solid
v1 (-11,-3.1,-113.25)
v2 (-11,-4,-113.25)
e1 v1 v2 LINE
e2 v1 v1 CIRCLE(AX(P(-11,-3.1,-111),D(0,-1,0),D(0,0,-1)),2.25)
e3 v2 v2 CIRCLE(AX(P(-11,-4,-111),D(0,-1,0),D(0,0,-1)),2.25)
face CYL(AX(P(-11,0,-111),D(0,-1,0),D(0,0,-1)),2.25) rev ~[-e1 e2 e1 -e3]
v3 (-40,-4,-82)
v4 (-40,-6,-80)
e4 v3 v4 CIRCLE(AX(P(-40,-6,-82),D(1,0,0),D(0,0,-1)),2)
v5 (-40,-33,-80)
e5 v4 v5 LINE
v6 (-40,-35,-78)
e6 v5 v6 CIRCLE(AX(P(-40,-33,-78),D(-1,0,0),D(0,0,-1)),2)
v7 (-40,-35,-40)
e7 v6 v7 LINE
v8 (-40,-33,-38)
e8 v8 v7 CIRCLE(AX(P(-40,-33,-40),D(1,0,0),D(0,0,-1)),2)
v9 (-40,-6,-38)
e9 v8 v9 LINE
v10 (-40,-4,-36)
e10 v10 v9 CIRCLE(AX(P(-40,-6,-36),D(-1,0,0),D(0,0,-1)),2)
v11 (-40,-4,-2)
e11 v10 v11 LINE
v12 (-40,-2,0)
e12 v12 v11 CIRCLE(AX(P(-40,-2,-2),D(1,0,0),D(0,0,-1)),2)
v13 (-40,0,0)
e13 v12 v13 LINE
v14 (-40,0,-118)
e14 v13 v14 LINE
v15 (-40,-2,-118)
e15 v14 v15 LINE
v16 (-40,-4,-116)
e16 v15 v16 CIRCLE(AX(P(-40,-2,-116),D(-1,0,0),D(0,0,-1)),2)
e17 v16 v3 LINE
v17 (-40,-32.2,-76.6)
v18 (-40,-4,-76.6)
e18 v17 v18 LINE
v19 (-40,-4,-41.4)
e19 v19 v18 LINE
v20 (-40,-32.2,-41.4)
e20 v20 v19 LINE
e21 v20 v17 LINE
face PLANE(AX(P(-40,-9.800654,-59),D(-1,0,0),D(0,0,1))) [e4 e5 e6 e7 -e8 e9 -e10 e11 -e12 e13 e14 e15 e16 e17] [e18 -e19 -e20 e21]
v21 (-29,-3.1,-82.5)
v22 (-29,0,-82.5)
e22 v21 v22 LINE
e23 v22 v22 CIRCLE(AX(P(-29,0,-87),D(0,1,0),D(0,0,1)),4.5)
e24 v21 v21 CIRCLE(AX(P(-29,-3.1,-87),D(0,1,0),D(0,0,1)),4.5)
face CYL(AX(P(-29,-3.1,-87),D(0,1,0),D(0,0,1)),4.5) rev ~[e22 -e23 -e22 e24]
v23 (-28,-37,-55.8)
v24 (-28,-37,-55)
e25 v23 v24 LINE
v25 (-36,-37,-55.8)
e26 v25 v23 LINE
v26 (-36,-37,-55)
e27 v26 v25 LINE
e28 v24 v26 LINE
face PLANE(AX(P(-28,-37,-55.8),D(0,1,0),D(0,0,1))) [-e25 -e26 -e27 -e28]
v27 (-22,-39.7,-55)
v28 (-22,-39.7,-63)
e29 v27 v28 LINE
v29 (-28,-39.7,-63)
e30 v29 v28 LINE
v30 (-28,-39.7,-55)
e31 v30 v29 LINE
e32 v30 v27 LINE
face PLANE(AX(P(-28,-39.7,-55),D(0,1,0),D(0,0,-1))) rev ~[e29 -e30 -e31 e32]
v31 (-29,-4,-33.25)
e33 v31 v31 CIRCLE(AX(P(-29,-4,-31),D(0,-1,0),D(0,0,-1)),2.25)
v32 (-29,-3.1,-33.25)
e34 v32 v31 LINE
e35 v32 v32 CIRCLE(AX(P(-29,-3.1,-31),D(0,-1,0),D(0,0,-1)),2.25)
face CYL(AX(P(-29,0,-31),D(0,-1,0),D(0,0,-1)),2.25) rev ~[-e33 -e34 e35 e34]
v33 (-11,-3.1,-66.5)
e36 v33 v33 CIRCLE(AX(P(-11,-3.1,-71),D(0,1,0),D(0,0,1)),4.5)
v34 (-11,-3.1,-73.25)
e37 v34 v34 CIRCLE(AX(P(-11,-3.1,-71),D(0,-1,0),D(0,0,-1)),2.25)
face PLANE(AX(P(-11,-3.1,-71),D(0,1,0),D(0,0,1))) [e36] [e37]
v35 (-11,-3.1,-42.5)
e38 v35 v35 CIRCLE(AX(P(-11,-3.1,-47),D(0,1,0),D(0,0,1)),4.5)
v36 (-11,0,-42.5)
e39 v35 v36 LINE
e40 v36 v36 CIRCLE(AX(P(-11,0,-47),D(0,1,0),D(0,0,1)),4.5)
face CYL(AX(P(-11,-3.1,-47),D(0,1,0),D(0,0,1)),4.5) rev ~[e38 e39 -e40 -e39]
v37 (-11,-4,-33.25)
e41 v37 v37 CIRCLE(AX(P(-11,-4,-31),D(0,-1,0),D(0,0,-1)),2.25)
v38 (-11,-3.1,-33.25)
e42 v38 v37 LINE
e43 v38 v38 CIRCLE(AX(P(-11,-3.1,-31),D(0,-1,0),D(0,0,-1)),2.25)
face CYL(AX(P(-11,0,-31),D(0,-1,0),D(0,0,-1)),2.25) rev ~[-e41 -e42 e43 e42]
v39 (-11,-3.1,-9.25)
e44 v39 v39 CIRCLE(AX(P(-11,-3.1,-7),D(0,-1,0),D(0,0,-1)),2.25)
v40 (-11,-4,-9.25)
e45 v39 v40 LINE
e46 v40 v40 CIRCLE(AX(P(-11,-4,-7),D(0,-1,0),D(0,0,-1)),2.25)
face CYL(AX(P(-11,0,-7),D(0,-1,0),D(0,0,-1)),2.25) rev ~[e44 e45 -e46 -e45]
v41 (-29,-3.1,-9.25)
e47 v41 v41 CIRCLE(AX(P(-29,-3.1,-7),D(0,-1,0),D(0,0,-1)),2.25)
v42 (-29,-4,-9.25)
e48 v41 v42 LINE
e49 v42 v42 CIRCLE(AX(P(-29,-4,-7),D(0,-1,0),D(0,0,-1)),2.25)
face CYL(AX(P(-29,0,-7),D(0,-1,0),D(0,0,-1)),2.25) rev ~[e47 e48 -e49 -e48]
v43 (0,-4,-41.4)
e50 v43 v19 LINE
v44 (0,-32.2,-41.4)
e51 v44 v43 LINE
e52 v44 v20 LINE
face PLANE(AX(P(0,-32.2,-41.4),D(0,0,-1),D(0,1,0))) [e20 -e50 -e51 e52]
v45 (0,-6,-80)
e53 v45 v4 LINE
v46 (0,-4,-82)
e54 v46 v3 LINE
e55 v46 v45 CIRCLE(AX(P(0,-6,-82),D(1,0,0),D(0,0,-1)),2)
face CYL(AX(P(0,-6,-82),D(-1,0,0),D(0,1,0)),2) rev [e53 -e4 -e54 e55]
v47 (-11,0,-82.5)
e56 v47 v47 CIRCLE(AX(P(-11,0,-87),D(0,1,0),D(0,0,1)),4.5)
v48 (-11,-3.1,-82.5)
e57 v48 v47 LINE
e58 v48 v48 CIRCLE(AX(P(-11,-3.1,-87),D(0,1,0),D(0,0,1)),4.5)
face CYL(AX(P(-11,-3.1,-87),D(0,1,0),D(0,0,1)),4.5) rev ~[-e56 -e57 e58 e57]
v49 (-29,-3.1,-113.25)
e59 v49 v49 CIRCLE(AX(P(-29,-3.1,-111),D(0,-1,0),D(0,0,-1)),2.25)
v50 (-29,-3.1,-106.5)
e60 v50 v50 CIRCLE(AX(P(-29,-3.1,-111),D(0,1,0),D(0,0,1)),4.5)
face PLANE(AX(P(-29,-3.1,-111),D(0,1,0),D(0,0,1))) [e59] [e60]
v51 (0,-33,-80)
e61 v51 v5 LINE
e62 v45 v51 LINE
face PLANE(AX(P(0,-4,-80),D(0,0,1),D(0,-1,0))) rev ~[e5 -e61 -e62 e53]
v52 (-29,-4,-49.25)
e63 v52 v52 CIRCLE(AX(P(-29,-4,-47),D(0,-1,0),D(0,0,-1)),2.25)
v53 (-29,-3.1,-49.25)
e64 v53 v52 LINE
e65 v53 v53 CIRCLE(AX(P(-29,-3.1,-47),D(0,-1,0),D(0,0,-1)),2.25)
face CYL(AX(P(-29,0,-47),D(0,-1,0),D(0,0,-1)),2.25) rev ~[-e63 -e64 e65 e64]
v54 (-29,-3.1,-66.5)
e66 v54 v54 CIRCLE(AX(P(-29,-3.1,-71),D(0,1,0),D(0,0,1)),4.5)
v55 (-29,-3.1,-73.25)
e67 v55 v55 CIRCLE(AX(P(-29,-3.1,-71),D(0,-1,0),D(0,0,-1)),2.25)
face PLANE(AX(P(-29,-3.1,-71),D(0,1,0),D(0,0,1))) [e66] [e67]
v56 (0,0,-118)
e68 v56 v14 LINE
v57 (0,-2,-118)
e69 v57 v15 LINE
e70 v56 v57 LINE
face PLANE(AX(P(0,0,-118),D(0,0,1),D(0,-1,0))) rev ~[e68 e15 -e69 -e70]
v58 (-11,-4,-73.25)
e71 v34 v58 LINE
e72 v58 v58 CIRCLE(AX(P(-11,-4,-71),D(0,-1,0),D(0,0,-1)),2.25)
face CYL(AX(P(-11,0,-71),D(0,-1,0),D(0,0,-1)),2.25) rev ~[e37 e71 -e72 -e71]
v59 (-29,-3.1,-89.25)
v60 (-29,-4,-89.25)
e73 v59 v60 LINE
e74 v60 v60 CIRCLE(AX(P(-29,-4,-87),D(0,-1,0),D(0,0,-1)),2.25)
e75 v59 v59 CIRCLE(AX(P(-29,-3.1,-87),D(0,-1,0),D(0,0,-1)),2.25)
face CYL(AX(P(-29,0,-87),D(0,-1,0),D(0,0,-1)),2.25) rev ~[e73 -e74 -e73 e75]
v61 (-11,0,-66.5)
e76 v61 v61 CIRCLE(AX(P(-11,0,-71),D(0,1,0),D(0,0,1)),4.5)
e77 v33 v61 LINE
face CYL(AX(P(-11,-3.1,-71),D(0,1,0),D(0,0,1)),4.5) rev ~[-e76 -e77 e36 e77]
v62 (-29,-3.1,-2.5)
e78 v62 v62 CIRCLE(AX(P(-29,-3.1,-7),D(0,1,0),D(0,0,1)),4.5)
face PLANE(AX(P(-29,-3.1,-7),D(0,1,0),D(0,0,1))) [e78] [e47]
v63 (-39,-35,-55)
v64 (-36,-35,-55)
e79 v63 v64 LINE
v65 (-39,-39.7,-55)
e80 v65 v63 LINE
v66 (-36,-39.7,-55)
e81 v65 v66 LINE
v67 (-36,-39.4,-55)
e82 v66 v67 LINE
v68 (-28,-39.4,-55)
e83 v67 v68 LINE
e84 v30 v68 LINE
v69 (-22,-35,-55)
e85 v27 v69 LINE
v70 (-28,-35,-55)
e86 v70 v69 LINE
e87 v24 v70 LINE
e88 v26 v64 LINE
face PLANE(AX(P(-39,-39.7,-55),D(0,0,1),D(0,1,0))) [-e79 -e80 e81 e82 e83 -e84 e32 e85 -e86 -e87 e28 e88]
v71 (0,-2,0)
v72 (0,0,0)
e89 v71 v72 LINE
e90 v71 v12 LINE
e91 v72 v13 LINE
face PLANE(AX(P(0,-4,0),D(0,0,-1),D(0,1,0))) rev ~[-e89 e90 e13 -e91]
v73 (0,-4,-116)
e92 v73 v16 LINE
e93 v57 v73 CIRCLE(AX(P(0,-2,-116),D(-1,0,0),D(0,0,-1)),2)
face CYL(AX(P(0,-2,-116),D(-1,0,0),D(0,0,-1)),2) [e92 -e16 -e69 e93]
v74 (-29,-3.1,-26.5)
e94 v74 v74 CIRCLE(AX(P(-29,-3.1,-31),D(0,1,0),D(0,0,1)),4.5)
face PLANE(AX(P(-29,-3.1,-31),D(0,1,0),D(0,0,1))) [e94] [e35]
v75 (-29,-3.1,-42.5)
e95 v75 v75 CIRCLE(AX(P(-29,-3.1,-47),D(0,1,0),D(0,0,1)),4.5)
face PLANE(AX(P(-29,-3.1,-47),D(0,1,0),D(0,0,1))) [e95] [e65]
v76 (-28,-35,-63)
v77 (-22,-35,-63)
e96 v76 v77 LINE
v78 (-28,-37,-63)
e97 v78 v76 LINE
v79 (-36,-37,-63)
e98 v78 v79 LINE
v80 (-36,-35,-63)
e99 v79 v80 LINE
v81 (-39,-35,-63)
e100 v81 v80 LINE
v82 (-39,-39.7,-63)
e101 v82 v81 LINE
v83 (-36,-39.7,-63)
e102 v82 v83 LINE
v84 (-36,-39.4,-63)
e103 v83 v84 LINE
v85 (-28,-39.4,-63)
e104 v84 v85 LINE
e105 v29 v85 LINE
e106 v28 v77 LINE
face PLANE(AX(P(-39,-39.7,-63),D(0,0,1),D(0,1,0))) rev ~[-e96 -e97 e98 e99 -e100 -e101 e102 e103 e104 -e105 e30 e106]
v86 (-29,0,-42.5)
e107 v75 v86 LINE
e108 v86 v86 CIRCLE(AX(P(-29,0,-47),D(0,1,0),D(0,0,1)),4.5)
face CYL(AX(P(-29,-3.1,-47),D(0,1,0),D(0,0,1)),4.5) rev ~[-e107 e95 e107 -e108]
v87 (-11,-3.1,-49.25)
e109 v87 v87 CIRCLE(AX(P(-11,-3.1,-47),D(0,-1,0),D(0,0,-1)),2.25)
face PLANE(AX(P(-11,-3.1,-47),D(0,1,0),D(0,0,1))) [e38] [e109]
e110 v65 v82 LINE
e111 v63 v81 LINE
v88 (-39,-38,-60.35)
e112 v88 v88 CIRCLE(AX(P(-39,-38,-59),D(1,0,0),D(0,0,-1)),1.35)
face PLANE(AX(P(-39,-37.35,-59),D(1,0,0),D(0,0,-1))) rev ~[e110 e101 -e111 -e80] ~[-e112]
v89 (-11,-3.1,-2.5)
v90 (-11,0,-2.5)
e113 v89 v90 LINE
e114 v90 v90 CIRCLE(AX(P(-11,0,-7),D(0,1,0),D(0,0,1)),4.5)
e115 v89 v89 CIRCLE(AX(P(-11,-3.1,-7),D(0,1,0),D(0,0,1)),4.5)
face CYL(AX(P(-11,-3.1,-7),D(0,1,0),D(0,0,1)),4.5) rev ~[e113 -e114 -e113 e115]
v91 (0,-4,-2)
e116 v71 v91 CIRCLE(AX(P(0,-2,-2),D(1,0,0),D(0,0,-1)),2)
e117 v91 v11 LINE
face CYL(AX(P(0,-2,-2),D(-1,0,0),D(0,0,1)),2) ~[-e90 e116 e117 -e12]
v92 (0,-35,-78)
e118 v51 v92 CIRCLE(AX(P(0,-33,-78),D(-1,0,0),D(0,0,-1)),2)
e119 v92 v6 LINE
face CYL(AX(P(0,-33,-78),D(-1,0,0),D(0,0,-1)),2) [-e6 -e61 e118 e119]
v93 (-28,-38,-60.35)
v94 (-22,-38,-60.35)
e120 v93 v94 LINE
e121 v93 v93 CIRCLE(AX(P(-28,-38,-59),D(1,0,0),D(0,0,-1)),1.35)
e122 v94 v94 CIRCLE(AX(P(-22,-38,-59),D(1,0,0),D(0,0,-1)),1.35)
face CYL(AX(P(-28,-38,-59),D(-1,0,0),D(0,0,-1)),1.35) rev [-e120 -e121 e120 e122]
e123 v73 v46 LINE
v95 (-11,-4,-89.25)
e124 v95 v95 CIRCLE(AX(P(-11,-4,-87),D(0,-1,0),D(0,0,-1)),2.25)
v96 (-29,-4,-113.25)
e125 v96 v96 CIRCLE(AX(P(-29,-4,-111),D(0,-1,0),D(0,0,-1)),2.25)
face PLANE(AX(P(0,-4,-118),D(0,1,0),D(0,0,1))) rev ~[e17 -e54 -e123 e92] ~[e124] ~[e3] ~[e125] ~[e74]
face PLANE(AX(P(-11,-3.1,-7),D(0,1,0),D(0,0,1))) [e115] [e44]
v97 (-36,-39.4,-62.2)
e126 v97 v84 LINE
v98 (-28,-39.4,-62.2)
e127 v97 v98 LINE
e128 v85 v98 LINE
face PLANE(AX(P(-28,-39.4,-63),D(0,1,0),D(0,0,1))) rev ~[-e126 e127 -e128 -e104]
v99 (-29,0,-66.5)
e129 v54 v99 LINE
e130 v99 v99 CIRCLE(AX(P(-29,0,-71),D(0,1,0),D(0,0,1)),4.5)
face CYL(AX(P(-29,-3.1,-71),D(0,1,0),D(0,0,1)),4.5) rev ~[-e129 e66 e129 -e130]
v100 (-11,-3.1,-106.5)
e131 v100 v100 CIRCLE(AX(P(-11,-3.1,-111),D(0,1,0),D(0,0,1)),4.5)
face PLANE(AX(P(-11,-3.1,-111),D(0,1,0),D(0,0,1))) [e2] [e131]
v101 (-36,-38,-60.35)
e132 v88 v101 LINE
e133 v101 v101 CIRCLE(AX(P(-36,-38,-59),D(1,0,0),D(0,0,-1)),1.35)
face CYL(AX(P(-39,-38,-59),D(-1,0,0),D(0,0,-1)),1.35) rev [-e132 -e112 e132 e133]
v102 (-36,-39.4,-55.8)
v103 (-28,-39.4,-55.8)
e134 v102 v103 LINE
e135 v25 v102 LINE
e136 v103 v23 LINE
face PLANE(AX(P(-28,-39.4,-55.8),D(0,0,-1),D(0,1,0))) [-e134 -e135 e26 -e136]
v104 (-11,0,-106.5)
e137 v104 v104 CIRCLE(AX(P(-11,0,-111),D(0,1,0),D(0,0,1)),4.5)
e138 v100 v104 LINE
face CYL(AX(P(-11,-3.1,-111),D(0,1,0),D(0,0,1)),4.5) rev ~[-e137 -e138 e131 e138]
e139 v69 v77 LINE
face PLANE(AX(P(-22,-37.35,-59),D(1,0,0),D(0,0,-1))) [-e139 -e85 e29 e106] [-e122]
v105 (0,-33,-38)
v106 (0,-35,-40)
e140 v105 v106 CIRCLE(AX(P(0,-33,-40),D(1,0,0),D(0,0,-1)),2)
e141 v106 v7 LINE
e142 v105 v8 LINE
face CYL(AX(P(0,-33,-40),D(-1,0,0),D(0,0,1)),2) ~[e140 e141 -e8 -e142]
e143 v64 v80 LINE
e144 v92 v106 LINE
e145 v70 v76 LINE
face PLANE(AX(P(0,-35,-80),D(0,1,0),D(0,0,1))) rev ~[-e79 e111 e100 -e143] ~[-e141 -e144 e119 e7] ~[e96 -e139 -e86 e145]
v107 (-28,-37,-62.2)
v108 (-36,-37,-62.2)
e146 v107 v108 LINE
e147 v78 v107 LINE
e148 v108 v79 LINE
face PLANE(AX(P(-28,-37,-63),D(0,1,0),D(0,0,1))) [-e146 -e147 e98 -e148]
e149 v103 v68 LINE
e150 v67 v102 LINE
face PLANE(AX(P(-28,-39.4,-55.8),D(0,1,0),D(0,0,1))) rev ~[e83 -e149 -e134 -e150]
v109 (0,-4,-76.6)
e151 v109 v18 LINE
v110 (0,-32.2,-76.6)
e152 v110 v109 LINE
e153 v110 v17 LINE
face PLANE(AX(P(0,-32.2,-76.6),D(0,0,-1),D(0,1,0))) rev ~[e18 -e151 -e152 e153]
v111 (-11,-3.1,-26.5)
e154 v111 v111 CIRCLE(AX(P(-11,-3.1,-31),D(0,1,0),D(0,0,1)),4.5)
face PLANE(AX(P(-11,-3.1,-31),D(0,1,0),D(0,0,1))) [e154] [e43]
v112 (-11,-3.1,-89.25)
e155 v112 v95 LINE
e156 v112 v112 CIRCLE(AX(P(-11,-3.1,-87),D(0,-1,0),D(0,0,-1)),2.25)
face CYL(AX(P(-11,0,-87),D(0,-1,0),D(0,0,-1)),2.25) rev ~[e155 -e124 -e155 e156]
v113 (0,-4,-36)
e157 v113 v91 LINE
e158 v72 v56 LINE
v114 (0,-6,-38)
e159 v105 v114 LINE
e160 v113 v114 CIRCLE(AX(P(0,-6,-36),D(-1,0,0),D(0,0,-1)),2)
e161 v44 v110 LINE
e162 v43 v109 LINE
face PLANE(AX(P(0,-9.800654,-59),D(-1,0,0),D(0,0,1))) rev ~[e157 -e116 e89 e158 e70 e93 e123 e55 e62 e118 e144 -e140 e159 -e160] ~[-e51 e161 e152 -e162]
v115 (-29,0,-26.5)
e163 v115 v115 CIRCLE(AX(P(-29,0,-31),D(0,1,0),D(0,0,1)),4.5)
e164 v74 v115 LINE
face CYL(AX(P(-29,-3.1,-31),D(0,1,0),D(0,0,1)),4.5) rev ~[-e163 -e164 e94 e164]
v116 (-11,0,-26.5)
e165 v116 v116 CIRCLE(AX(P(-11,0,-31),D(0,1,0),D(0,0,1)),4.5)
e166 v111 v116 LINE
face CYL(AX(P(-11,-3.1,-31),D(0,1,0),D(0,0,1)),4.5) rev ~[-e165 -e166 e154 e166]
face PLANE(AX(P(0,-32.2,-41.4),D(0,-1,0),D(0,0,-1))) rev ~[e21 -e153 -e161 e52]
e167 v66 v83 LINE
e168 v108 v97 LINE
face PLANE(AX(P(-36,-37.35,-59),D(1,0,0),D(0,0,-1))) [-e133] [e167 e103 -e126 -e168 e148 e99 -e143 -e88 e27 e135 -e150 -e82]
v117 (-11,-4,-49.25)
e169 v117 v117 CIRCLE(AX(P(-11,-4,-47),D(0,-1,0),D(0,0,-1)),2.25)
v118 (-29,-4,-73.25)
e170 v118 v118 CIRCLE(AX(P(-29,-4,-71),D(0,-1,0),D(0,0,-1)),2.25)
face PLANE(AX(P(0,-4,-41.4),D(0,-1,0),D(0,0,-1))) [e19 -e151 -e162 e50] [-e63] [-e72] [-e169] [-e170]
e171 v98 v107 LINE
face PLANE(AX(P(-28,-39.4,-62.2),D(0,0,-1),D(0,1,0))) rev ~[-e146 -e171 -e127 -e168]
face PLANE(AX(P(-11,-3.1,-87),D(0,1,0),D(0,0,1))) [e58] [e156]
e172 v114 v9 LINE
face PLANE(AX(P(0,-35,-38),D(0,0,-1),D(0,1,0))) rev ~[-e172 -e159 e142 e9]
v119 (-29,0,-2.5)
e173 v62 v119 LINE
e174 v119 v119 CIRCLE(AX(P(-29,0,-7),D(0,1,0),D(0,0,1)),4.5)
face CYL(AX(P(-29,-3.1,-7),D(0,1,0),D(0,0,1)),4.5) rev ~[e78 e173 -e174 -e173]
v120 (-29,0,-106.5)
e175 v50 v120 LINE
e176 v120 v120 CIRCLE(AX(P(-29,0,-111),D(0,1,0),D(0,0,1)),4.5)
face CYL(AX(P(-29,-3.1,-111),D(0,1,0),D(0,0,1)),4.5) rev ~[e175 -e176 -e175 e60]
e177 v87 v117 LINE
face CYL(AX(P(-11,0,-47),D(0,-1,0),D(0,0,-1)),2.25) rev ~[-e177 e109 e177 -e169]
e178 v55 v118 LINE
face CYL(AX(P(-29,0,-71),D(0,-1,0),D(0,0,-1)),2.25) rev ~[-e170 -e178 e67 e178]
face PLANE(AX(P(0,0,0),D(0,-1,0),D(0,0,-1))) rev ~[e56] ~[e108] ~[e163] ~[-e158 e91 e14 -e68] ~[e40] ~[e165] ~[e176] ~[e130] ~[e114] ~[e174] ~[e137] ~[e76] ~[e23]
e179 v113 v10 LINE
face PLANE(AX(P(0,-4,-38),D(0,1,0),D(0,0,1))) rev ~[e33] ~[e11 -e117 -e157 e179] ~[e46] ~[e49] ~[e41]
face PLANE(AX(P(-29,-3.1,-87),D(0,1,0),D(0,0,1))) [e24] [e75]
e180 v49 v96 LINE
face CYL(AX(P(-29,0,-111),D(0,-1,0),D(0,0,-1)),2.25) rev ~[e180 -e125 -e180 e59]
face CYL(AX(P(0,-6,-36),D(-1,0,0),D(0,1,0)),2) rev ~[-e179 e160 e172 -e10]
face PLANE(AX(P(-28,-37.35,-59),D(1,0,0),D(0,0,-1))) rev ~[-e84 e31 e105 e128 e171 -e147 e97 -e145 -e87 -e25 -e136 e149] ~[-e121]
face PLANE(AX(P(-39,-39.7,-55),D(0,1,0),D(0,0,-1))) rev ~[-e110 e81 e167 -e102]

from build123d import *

# Parameters (mm, degrees)
SKETCH1_W                                        = 35.2
SKETCH1_H                                        = 28.2
BOSS_EXTRUDE1_DEPTH                              = 40
FILLET1_R                                        = 2
CBORE_FOR_M4_PAN_HEAD_MACHINE_SCREW1_D           = 4.5
CBORE_FOR_M4_PAN_HEAD_MACHINE_SCREW1_DEPTH       = 4
CBORE_FOR_M4_PAN_HEAD_MACHINE_SCREW1_CBORE_D     = 9
CBORE_FOR_M4_PAN_HEAD_MACHINE_SCREW1_CBORE_DEPTH = 3.1
SKETCH5_W                                        = 8
SKETCH5_H                                        = 4.7
SKETCH5_R                                        = 1.35
BOSS_EXTRUDE2_DEPTH                              = 3
SKETCH6_W                                        = 8
SKETCH6_H                                        = 4.7
SKETCH6_R                                        = 1.35
BOSS_EXTRUDE3_DEPTH                              = 6
BOSS_EXTRUDE4_REACH                              = 129.609
SKETCH7_W                                        = 0.8
SKETCH7_H                                        = 2.4
SKETCH8_W                                        = 0.8
SKETCH8_H                                        = 2.4
BOSS_EXTRUDE5_DEPTH                              = 2


with BuildPart() as part:
    # Sketch1 → Boss-Extrude1 (new body)
    with BuildSketch(Plane(origin=(0, 0, 0), x_dir=(0, 0, -1), z_dir=(1, 0, 0))):
        Polygon((0, 0), (118, 0), (118, -4), (80, -4), (80, -35), (38, -35), (38, -4), (0, -4), align=None)
        with Locations((59, -18.1)):
            Rectangle(SKETCH1_W, SKETCH1_H, mode=Mode.SUBTRACT)
    extrude(amount=-BOSS_EXTRUDE1_DEPTH)

    # Fillet1
    fillet1_edges = [part.edges().sort_by_distance(p)[0] for p in [
        (-20, -4, -118),
        (-20, -4, -80),
        (-20, -35, -80),
        (-20, -35, -38),
        (-20, -4, -38),
        (-20, -4, 0),
    ]]
    fillet(fillet1_edges, radius=FILLET1_R)

    # CBORE for M4 Pan Head Machine Screw1
    with Locations(Plane(origin=(-11, 0, -111), x_dir=(0, 0, 1), z_dir=(0, 1, 0))):
        with Locations((0, 0), (0, -18), (24, 0), (24, -18), (40, 0), (64, 0), (64, -18), (40, -18), (80, 0), (80, -18), (104, -18), (104, 0)):
            CounterBoreHole(CBORE_FOR_M4_PAN_HEAD_MACHINE_SCREW1_D / 2, CBORE_FOR_M4_PAN_HEAD_MACHINE_SCREW1_CBORE_D / 2, CBORE_FOR_M4_PAN_HEAD_MACHINE_SCREW1_CBORE_DEPTH, depth=CBORE_FOR_M4_PAN_HEAD_MACHINE_SCREW1_DEPTH)

    # Sketch5 → Boss-Extrude2 (add)
    with BuildSketch(Plane(origin=(-39, 0, 0), x_dir=(0, 0, -1), z_dir=(1, 0, 0))):
        with Locations((59, -37.35)):
            Rectangle(SKETCH5_W, SKETCH5_H)
        with Locations((59, -38)):
            Circle(SKETCH5_R, mode=Mode.SUBTRACT)
    extrude(amount=BOSS_EXTRUDE2_DEPTH)

    # Sketch6 → Boss-Extrude3 (add)
    with BuildSketch(Plane(origin=(-28, 0, 0), x_dir=(0, 0, -1), z_dir=(1, 0, 0))):
        with Locations((59, -37.35)):
            Rectangle(SKETCH6_W, SKETCH6_H)
        with Locations((59, -38)):
            Circle(SKETCH6_R, mode=Mode.SUBTRACT)
    extrude(amount=BOSS_EXTRUDE3_DEPTH)

    # Sketch7 → Boss-Extrude4 (add, up to next)
    with BuildSketch(Plane.ZY.offset(28), mode=Mode.PRIVATE) as boss_extrude4_sk1:
        with Locations((-62.6, -38.2)):
            Rectangle(SKETCH7_W, SKETCH7_H)
    boss_extrude4_tool1 = extrude(boss_extrude4_sk1.sketch, amount=BOSS_EXTRUDE4_REACH, mode=Mode.PRIVATE) - part.part
    # Sketch7 → Boss-Extrude4 (add, up to next)
    with BuildSketch(Plane.ZY.offset(28), mode=Mode.PRIVATE) as boss_extrude4_sk2:
        with Locations((-55.4, -38.2)):
            Rectangle(SKETCH7_W, SKETCH7_H)
    boss_extrude4_tool2 = extrude(boss_extrude4_sk2.sketch, amount=BOSS_EXTRUDE4_REACH, mode=Mode.PRIVATE) - part.part
    add(boss_extrude4_tool1.solids().sort_by_distance((-28, -38.2, -62.6))[0])
    add(boss_extrude4_tool2.solids().sort_by_distance((-28, -38.2, -55.4))[0])

    # Sketch8 → Boss-Extrude5 (add)
    with BuildSketch(Plane(origin=(-36, 0, 0), x_dir=(0, 0, -1), z_dir=(1, 0, 0))):
        with Locations((62.6, -38.2)):
            Rectangle(SKETCH8_W, SKETCH8_H)
        with Locations((55.4, -38.2)):
            Rectangle(SKETCH8_W, SKETCH8_H)
    extrude(amount=BOSS_EXTRUDE5_DEPTH)


solid = part.part
